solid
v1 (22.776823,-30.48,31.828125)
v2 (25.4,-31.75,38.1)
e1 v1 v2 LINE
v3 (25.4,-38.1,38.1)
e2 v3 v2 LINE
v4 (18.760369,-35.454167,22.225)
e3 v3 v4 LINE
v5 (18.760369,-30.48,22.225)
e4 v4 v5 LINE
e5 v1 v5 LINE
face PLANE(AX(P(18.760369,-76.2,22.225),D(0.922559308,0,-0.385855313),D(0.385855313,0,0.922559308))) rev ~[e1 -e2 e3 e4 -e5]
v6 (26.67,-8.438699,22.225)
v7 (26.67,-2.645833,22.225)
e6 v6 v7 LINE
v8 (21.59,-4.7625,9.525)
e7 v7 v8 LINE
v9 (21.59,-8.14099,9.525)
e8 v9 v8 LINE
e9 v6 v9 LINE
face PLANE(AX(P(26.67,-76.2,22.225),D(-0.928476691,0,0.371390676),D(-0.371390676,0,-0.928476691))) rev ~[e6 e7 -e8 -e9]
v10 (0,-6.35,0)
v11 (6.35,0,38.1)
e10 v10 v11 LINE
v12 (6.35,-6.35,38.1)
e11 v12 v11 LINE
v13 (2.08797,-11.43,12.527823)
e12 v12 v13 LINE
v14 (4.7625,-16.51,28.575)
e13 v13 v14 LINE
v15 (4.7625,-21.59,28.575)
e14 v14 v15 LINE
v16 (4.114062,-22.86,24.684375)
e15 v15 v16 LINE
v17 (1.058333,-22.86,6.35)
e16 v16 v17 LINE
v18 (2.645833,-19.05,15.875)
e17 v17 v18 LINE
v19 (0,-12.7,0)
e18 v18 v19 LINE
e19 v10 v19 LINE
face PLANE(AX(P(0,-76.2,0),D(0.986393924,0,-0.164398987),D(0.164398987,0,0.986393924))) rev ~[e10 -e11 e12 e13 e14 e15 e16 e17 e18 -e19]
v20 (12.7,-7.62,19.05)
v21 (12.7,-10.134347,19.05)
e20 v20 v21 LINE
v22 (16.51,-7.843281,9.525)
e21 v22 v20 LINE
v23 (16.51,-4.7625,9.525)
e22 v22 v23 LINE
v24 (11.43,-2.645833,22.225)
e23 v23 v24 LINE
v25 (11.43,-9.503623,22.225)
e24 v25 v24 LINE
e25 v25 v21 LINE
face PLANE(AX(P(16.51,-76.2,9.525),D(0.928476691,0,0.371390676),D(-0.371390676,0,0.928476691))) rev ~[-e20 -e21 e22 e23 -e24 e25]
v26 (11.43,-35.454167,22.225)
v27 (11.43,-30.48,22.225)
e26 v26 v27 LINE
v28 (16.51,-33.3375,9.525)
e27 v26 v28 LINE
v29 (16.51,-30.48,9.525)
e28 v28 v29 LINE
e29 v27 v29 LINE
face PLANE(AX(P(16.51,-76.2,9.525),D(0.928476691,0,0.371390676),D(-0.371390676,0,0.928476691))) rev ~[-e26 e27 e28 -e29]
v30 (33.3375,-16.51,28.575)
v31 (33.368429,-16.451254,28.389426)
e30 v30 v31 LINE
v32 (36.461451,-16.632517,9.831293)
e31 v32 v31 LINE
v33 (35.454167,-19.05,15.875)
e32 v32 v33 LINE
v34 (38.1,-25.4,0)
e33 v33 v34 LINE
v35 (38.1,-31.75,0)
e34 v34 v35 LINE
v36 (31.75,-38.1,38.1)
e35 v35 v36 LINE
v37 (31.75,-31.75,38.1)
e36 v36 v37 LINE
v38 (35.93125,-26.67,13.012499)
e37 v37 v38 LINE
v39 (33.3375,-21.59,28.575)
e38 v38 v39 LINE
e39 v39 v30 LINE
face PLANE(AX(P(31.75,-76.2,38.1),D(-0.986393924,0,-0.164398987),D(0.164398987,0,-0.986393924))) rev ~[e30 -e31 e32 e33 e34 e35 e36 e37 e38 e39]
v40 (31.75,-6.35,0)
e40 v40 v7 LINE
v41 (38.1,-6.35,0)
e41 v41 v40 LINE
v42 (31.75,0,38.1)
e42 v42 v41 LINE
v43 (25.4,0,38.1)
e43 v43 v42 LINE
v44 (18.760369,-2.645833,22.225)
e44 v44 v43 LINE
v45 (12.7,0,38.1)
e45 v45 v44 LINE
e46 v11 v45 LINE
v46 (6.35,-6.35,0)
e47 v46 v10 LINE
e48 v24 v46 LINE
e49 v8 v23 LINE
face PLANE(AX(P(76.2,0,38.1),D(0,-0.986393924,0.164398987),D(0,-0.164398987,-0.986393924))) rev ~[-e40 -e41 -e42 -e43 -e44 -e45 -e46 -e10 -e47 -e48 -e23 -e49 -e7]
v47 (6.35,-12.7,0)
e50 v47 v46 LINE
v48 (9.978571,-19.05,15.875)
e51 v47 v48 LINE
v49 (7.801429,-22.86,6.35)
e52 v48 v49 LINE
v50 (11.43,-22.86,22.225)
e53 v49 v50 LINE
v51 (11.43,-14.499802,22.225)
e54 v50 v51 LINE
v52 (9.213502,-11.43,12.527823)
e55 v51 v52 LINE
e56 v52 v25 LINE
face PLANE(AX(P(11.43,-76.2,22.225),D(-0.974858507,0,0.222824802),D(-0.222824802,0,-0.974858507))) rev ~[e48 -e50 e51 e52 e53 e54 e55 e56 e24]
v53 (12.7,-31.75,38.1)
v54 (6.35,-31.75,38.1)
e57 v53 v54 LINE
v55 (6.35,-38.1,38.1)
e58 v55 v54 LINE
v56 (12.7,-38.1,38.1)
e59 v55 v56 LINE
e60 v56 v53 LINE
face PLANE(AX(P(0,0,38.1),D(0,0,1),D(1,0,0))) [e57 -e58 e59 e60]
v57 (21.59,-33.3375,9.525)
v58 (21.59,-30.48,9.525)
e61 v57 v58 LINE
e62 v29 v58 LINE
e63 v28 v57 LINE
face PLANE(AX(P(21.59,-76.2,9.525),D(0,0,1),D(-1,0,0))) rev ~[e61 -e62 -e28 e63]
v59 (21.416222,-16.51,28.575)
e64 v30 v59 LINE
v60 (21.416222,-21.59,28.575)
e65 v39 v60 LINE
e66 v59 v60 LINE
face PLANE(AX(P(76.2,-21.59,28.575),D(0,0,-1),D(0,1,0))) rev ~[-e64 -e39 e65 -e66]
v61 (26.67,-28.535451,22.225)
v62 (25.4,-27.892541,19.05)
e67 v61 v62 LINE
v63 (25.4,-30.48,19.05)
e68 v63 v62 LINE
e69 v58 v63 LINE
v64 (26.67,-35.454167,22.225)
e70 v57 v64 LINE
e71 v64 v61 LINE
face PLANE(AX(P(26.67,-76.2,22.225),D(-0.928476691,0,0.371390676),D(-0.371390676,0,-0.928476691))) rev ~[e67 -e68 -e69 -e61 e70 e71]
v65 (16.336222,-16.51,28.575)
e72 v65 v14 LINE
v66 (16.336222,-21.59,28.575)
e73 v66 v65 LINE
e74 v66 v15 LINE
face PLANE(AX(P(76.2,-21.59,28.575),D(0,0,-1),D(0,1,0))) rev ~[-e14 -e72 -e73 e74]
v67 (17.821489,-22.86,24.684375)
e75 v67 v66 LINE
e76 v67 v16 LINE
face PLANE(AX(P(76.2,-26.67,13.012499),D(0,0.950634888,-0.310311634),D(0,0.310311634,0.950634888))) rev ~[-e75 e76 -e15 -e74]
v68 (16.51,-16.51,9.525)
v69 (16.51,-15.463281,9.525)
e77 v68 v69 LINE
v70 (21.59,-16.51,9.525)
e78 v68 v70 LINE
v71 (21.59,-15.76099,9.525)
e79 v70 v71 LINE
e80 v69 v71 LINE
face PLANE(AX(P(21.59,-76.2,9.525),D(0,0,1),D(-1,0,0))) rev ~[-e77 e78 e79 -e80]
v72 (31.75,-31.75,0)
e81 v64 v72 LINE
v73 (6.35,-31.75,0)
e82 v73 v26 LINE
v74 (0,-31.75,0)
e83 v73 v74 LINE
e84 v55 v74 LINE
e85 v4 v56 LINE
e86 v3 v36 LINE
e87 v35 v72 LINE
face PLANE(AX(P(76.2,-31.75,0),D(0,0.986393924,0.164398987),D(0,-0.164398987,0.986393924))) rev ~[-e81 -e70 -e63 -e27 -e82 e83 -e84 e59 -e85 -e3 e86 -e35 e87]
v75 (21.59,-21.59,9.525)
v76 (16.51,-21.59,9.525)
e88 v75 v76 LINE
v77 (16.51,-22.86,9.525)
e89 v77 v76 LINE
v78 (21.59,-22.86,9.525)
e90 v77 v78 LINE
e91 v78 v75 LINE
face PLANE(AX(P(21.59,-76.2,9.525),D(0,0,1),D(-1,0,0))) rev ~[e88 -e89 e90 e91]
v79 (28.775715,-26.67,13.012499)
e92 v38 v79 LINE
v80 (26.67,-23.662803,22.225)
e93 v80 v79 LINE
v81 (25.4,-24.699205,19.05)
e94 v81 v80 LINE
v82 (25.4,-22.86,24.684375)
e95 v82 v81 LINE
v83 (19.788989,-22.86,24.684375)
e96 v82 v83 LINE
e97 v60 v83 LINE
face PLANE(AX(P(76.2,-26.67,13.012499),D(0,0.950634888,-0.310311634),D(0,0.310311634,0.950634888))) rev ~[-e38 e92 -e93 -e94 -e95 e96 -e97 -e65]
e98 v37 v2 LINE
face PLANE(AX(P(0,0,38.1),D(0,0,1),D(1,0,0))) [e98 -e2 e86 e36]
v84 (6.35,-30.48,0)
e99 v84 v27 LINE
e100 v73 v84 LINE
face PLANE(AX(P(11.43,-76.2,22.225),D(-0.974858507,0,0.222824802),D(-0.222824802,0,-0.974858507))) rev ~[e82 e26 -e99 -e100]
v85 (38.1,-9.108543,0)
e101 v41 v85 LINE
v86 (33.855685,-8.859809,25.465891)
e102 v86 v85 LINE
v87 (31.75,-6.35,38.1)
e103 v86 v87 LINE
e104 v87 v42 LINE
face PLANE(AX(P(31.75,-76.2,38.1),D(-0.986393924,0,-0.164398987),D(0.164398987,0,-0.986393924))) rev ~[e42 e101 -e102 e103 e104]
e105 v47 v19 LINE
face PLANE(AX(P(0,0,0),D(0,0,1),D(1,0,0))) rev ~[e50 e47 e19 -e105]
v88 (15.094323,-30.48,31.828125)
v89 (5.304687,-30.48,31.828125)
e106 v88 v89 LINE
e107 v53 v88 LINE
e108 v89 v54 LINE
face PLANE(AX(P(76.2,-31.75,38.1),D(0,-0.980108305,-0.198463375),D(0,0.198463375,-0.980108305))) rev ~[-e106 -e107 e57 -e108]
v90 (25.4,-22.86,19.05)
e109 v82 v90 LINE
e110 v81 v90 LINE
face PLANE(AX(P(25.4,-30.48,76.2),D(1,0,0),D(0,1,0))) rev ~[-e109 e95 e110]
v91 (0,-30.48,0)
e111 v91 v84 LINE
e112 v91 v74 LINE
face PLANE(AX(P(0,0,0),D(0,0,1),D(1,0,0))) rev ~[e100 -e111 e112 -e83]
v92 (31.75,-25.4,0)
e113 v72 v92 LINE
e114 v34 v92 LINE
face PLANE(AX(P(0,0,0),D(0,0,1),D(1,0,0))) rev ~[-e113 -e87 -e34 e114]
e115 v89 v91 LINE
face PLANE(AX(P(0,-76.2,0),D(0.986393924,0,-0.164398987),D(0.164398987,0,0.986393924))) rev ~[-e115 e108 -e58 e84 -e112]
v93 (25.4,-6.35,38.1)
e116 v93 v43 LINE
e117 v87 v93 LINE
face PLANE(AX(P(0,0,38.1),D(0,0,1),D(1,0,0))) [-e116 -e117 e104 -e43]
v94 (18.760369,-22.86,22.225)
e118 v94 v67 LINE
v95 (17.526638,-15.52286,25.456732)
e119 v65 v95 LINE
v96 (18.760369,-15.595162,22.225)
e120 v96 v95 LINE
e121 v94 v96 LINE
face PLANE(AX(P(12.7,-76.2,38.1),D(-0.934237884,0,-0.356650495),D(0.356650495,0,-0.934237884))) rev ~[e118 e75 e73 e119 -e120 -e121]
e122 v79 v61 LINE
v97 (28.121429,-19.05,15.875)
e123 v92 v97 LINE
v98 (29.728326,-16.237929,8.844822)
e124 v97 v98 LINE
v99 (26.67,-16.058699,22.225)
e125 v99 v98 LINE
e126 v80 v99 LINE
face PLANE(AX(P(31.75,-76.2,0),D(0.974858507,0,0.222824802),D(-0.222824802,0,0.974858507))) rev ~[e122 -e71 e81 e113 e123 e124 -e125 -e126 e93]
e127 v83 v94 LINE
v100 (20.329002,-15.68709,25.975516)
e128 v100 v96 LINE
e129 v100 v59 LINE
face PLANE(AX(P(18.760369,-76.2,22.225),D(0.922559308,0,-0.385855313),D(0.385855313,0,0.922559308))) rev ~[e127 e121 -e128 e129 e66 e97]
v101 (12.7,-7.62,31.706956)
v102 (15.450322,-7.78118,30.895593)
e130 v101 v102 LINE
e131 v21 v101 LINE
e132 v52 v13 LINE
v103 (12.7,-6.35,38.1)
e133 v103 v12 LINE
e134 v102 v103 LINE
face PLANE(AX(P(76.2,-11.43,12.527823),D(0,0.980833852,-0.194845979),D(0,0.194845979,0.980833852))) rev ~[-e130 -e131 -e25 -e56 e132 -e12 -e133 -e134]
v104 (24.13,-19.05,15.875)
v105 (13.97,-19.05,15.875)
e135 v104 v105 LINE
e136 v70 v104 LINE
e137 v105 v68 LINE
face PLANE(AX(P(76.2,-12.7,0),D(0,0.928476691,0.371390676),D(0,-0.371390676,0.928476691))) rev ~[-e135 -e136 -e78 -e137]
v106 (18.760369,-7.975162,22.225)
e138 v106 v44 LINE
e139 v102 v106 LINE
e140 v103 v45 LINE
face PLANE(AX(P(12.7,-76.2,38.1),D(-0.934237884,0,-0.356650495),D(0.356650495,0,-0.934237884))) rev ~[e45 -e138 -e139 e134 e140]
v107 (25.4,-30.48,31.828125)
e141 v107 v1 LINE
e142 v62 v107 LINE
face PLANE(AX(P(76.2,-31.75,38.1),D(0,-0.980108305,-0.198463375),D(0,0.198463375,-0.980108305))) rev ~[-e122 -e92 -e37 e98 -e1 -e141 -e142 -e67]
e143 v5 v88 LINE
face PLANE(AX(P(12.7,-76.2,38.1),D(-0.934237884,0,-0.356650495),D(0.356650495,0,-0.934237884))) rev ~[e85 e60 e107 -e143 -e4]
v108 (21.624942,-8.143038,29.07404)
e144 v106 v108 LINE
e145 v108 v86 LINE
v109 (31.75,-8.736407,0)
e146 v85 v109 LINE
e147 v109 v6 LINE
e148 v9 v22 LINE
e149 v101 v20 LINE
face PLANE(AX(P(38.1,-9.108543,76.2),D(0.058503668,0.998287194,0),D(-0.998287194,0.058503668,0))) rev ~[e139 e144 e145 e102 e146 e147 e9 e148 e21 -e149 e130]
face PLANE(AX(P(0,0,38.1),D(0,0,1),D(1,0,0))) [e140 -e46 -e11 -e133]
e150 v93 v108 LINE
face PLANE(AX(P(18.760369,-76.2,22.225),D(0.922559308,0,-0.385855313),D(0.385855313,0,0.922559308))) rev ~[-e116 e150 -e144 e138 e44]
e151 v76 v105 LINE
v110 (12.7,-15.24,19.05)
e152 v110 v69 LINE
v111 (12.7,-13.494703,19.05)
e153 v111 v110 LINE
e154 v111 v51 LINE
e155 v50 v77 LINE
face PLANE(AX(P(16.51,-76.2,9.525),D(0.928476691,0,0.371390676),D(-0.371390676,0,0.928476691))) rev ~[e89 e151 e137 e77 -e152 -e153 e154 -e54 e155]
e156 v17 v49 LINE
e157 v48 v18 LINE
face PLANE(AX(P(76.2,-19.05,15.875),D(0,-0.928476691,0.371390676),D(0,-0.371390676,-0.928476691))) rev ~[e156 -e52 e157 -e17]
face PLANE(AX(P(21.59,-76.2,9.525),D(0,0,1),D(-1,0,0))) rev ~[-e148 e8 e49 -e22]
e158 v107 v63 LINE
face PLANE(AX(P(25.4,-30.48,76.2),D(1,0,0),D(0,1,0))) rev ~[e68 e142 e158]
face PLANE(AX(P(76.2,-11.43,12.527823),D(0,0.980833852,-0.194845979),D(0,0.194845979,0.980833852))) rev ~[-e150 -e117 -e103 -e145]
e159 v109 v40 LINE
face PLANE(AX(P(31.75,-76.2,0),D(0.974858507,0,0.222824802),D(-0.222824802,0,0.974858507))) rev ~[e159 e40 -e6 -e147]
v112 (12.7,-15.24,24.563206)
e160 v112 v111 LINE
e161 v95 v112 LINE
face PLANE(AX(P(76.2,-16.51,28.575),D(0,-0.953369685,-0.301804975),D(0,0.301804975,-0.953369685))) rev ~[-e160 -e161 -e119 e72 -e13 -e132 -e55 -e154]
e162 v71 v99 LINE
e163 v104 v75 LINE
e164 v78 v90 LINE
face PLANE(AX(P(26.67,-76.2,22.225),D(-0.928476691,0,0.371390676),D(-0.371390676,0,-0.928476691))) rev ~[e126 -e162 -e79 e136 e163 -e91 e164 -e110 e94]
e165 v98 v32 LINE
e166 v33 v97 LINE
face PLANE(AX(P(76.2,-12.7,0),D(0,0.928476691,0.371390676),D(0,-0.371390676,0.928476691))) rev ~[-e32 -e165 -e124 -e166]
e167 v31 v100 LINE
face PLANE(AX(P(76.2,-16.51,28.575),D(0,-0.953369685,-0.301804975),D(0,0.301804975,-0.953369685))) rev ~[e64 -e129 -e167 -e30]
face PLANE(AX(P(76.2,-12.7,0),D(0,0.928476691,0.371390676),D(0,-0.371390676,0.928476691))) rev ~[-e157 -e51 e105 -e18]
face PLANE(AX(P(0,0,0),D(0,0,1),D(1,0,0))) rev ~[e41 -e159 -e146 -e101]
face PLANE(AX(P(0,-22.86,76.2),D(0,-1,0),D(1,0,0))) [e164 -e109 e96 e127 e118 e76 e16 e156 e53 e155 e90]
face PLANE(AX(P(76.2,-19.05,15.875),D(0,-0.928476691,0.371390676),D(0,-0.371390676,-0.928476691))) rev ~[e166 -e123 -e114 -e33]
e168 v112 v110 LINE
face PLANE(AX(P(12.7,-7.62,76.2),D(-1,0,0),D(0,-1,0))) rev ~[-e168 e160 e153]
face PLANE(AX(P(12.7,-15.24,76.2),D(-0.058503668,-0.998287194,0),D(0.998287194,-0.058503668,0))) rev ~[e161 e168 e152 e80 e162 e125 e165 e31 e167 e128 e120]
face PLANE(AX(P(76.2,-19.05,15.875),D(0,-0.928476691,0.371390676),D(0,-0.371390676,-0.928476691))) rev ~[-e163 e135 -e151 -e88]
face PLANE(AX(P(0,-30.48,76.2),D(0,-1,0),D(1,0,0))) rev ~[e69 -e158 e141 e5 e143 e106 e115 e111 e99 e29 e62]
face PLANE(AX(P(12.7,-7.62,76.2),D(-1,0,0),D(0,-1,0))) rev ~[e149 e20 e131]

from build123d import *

# Parameters (mm, degrees)
F0_W      = 38.1
F0_H      = 38.1
F1_DEPTH  = 38.1
F6_DEPTH  = 76.2
F8_DEPTH  = 76.2
F9_W      = 25.4
F9_H      = 7.62
F10_DEPTH = 76.2


with BuildPart() as f1:
    # F0 (on Front) → F1 (new body)
    with BuildSketch(Plane.XZ):
        with Locations((19.05, 19.05)):
            Rectangle(F0_W, F0_H)
    extrude(amount=F1_DEPTH)

    # F5 (on offset) → F6 (cut)
    with BuildSketch(Plane.YZ.offset(76.2)):
        Polygon((-11.43, 12.5278225169), (-6.35, 38.1), (-31.75, 38.1), (-26.67, 13.0124986172), (-21.59, 28.575), (-16.51, 28.575), align=None)
        Polygon((-25.4, 0), (-12.7, 0), (-19.05, 15.875), align=None)
        Polygon((-38.1, 0), (-31.75, 0), (-38.1, 38.1), align=None)
        Polygon((-6.35, 0), (0, 0), (0, 38.1), align=None)
    extrude(amount=-F6_DEPTH, mode=Mode.SUBTRACT)

    # F7 (on offset) → F8 (cut)
    with BuildSketch(Plane.XZ.offset(76.2)):
        Polygon((25.4, 38.1), (12.7, 38.1), (18.7603693128, 22.225), align=None)
        Polygon((6.35, 38.1), (0, 38.1), (0, 0), align=None)
        Polygon((11.43, 22.225), (6.35, 0), (31.75, 0), (26.67, 22.225), (21.59, 9.525), (16.51, 9.525), align=None)
        Polygon((38.1, 38.1), (31.75, 38.1), (38.1, 0), align=None)
    extrude(amount=-F8_DEPTH, mode=Mode.SUBTRACT)

    # F9 (on offset) → F10 (cut)
    with BuildSketch(Plane.XY.offset(76.2)):
        Polygon((38.1, -16.7285427451), (38.1, -9.1085427451), (12.7, -7.62), (12.7, -15.24), align=None)
        with Locations((12.7, -26.67)):
            Rectangle(F9_W, F9_H)
    extrude(amount=-F10_DEPTH, mode=Mode.SUBTRACT)


solid = f1.part
